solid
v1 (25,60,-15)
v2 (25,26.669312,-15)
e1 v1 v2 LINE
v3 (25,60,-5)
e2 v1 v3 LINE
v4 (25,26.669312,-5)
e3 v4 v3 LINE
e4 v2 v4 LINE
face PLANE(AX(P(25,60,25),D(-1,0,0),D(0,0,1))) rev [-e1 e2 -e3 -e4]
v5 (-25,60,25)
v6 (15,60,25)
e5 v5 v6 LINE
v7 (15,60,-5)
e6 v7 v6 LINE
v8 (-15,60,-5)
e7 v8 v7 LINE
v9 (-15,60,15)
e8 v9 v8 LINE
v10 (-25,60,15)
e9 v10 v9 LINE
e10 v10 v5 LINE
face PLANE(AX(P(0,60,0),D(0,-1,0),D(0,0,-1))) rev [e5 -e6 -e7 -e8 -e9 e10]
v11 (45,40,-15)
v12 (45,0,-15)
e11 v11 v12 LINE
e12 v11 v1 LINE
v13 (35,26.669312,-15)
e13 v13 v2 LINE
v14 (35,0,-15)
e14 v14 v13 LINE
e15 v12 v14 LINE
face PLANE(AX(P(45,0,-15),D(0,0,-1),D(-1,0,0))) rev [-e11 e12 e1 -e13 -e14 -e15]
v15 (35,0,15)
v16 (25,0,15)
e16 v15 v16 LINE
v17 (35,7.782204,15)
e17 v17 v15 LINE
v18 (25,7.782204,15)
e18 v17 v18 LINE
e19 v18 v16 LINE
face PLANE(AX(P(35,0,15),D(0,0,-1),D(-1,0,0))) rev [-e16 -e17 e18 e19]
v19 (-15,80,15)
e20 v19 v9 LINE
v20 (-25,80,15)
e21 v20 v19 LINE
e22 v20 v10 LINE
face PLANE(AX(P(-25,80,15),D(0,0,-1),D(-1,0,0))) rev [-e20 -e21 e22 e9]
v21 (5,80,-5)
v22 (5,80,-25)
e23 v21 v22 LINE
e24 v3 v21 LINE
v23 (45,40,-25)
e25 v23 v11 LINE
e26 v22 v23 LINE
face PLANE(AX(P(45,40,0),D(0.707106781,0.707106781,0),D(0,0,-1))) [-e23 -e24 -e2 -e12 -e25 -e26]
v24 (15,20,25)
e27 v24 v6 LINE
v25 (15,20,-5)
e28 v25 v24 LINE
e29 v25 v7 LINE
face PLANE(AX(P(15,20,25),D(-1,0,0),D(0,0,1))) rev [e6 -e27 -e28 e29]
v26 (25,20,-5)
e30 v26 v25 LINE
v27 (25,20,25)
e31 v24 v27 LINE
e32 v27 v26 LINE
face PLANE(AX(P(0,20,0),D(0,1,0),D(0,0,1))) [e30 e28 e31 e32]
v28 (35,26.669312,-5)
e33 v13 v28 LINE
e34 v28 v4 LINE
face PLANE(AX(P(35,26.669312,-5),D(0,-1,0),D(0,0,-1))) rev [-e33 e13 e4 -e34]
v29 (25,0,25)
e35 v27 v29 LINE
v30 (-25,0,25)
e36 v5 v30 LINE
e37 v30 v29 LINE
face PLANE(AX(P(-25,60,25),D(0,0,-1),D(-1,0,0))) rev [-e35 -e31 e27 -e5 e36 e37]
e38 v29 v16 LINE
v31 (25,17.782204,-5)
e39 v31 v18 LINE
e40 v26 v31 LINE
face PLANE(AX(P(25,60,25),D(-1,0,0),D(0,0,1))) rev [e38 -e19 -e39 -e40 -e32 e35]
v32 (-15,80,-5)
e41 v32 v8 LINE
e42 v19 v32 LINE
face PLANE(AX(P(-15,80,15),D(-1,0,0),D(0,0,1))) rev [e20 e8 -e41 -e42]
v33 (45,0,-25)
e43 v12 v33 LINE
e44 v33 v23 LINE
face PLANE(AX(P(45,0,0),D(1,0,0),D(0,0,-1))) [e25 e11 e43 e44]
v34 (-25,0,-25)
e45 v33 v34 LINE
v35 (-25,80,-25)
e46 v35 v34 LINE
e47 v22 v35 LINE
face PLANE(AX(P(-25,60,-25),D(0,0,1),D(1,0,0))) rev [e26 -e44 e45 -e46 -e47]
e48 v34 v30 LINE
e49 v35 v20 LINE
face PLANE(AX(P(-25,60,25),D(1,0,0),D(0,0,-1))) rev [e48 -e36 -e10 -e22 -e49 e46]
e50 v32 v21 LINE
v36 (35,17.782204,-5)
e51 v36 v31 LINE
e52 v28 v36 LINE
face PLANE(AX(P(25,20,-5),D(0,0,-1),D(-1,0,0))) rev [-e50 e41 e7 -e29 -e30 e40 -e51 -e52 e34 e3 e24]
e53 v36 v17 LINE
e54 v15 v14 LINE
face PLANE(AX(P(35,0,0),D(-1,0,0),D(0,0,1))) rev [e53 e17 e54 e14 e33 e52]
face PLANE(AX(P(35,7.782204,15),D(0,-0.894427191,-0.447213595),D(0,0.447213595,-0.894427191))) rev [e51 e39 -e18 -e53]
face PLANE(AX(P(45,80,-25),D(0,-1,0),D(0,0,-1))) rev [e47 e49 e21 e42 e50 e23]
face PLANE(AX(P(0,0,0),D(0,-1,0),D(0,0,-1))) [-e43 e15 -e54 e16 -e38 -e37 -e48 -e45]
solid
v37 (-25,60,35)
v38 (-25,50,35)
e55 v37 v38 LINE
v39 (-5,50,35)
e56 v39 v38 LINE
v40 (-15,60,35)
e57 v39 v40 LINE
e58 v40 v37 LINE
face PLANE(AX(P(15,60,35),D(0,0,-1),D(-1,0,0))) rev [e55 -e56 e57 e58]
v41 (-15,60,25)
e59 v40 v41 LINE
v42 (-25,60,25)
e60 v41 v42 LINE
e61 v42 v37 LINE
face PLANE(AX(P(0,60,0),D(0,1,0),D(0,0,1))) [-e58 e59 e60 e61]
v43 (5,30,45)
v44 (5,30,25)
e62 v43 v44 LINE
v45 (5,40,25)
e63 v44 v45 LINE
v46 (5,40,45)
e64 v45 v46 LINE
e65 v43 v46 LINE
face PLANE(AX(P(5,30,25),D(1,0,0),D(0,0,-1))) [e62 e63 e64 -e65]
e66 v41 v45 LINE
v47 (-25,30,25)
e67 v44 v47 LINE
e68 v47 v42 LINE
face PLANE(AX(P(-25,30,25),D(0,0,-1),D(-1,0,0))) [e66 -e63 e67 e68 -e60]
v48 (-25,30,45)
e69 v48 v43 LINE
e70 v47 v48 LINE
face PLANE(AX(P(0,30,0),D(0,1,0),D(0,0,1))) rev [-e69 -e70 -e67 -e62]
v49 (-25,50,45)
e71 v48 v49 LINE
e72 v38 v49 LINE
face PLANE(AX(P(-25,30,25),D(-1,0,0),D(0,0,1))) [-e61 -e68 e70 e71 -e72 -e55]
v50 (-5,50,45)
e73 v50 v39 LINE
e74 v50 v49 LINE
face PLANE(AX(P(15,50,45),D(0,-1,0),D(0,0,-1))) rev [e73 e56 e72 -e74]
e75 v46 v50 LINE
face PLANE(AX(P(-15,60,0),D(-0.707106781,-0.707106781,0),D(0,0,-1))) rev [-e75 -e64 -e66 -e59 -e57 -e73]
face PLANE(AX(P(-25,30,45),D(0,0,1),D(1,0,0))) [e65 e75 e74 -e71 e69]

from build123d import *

# Parameters (mm, degrees)
SKETCH1_W           = 50
SKETCH1_H           = 50
BOSS_EXTRUDE1_DEPTH = 60
SKETCH2_W           = 10
SKETCH2_H           = 30
CUT_EXTRUDE1_DEPTH  = 40
SKETCH3_W           = 30
SKETCH3_H           = 20
BOSS_EXTRUDE2_DEPTH = 30
CHAMFER1_SIZE       = 20
SKETCH4_W           = 10
SKETCH4_H           = 10
CUT_EXTRUDE2_DEPTH  = 40
SKETCH6_W           = 10
SKETCH6_H           = 80
BOSS_EXTRUDE3_DEPTH = 20
BOSS_EXTRUDE4_DEPTH = 20
CHAMFER2_SIZE       = 40
BOSS_EXTRUDE5_DEPTH = 10


with BuildPart() as part:
    # Sketch1 → Boss-Extrude1 (new body)
    with BuildSketch(Plane(origin=(0, 0, 0), x_dir=(1, 0, 0), z_dir=(0, 1, 0))):
        Rectangle(SKETCH1_W, SKETCH1_H)
    extrude(amount=BOSS_EXTRUDE1_DEPTH)

    # Sketch2 → Cut-Extrude1 (cut)
    with BuildSketch(Plane(origin=(0, 60, 0), x_dir=(1, 0, 0), z_dir=(0, 1, 0))):
        with Locations((20, -10)):
            Rectangle(SKETCH2_W, SKETCH2_H)
    extrude(amount=-CUT_EXTRUDE1_DEPTH, mode=Mode.SUBTRACT)

    # Sketch6 → Boss-Extrude3 (add)
    with BuildSketch(Plane(origin=(25, 0, 0), x_dir=(0, 0, -1), z_dir=(1, 0, 0))):
        with Locations((20, 40)):
            Rectangle(SKETCH6_W, SKETCH6_H)
    extrude(amount=BOSS_EXTRUDE3_DEPTH)

    # Sketch7 → Boss-Extrude4 (add)
    with BuildSketch(Plane(origin=(0, 60, 0), x_dir=(1, 0, 0), z_dir=(0, 1, 0))):
        Polygon((-25, -15), (-15, -15), (-15, 5), (25, 5), (25, 15), (25, 25), (-25, 25), align=None)
    extrude(amount=BOSS_EXTRUDE4_DEPTH)

    # Chamfer2
    chamfer2_edges = [part.edges().sort_by_distance(p)[0] for p in [
        (45, 80, -20),
    ]]
    chamfer(chamfer2_edges, length=CHAMFER2_SIZE)

    # Sketch8 → Boss-Extrude5 (add)
    with BuildSketch(Plane(origin=(25, 0, 0), x_dir=(0, 0, -1), z_dir=(1, 0, 0))):
        Polygon((15, 26.66931211), (15, 0), (-15, 0), (-15, 7.782203516), (5, 17.782203516), (5, 26.66931211), align=None)
    extrude(amount=BOSS_EXTRUDE5_DEPTH)


with BuildPart() as body_2:
    # Sketch3 → Boss-Extrude2 (new body)
    with BuildSketch(Plane(origin=(0, 60, 0), x_dir=(1, 0, 0), z_dir=(0, 1, 0))):
        with Locations((-10, -35)):
            Rectangle(SKETCH3_W, SKETCH3_H)
    extrude(amount=-BOSS_EXTRUDE2_DEPTH)

    # Chamfer1
    chamfer1_edges = [body_2.edges().sort_by_distance(p)[0] for p in [
        (5, 60, 35),
    ]]
    chamfer(chamfer1_edges, length=CHAMFER1_SIZE)

    # Sketch4 → Cut-Extrude2 (cut)
    with BuildSketch(Plane.ZY.offset(25)):
        with Locations((40, 55)):
            Rectangle(SKETCH4_W, SKETCH4_H)
    extrude(amount=-CUT_EXTRUDE2_DEPTH, mode=Mode.SUBTRACT)


solid = Compound([part.part, body_2.part])
